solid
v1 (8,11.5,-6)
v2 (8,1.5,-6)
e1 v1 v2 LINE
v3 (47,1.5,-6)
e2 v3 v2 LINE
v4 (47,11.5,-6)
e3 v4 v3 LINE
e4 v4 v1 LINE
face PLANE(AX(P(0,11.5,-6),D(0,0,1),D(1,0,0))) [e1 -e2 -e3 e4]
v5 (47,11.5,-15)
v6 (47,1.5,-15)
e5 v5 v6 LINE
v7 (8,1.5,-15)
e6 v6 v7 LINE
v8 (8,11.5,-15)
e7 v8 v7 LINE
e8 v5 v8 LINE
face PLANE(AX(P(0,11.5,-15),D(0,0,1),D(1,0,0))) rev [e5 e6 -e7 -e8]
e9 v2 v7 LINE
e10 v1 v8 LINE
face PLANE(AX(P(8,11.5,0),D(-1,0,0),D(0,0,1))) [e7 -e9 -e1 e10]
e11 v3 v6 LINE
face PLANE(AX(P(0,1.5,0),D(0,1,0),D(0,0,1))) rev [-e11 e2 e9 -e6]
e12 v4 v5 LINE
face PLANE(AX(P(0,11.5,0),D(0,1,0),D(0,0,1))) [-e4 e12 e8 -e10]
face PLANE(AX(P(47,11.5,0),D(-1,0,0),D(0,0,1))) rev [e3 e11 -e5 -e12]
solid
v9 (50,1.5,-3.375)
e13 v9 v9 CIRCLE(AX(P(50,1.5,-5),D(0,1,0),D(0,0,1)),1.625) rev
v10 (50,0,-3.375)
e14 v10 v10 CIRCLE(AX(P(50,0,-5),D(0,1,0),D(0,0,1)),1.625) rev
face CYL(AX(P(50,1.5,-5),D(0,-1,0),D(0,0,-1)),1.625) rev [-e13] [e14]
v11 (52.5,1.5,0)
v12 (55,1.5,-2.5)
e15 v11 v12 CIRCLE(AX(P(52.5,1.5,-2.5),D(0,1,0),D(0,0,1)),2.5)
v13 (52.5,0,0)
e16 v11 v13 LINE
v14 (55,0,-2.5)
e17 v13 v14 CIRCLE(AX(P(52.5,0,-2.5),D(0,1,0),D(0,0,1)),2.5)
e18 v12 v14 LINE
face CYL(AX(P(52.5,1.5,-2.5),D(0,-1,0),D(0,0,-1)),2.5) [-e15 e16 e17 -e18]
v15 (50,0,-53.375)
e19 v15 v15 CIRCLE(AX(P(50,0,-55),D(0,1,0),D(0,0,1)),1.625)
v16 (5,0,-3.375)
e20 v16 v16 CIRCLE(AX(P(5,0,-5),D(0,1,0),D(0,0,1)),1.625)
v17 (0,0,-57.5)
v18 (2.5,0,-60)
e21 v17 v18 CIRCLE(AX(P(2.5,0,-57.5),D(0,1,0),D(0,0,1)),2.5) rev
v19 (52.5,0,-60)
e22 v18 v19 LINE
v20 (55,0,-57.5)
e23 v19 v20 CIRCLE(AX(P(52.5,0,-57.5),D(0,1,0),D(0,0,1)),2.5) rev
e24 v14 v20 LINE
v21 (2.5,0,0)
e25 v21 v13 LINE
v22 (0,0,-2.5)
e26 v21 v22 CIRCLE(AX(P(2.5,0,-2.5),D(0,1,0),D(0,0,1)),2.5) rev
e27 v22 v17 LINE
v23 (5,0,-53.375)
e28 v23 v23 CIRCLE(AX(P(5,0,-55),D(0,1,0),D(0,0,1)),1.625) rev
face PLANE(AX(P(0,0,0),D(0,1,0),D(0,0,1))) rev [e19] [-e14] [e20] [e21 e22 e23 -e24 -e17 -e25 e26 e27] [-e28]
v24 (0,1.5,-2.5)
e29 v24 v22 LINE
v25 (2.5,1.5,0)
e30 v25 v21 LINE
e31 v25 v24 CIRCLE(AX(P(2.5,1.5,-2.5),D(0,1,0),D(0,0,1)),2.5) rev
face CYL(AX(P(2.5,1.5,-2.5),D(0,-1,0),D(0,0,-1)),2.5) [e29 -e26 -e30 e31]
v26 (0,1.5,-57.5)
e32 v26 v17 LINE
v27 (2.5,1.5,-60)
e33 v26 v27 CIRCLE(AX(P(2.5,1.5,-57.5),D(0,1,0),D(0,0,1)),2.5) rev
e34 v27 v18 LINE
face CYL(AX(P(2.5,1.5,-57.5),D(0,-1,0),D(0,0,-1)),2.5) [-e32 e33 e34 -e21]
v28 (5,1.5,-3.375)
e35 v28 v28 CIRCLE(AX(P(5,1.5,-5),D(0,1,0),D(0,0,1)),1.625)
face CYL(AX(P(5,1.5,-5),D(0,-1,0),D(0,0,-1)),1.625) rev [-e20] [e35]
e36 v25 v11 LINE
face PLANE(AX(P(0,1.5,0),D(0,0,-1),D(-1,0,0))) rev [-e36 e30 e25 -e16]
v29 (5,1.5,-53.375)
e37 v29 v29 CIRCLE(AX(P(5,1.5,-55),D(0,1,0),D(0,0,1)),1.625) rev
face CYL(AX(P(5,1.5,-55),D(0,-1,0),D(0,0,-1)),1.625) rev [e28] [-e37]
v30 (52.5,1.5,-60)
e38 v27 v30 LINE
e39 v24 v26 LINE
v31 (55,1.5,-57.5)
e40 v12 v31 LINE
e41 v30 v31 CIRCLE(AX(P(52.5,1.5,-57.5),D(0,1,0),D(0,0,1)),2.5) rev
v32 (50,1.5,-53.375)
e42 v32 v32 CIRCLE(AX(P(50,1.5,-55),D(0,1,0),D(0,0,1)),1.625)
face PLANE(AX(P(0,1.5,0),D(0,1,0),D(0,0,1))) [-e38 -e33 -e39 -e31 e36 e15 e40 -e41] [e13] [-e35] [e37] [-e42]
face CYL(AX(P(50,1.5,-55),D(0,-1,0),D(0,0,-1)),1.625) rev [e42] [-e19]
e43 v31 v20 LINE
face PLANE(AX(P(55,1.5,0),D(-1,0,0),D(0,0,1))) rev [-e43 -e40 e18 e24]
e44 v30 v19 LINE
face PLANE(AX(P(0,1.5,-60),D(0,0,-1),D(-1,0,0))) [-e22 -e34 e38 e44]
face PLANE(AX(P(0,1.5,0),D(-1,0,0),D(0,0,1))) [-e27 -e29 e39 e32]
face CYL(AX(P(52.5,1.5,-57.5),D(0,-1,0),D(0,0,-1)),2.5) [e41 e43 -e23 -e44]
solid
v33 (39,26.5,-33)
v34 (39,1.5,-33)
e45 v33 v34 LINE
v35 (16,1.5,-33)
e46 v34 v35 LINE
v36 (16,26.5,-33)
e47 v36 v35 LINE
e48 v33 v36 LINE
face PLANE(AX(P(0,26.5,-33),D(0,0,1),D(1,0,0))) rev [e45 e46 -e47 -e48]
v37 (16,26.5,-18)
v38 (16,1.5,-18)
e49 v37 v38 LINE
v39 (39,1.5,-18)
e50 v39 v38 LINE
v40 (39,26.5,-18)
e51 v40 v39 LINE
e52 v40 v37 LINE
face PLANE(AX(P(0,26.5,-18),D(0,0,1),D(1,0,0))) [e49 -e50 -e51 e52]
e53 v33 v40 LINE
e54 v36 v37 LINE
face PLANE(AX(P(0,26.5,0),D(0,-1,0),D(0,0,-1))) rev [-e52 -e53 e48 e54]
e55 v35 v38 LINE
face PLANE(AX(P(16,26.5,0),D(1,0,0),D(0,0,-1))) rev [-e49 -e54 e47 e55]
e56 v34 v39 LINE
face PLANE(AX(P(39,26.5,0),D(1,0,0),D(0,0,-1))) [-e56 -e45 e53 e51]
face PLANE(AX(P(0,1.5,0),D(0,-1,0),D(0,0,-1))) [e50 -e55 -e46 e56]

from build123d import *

# Parameters (mm, degrees)
SKETCH1_R           = 1.625
SKETCH1_W           = 23
SKETCH1_H           = 15
SKETCH1_W_2         = 39
SKETCH1_H_2         = 9
BOSS_EXTRUDE1_DEPTH = 1.5
BOSS_EXTRUDE2_START = 1.5
SKETCH1_4_W         = 39
SKETCH1_4_H         = 9
BOSS_EXTRUDE2_DEPTH = 10
BOSS_EXTRUDE3_START = 1.5
SKETCH1_5_W         = 23
SKETCH1_5_H         = 15
BOSS_EXTRUDE3_DEPTH = 25


with BuildPart() as part:
    # Sketch1 → Boss-Extrude1 (new body)
    with BuildSketch(Plane(origin=(0, 0, 0), x_dir=(1, 0, 0), z_dir=(0, 1, 0))):
        with BuildLine():
            ThreePointArc((0, 57.5), (0.732233047, 59.267766953), (2.5, 60))
            Line((2.5, 60), (52.5, 60))
            ThreePointArc((52.5, 60), (54.267766953, 59.267766953), (55, 57.5))
            Line((55, 57.5), (55, 2.5))
            ThreePointArc((55, 2.5), (54.267766953, 0.732233047), (52.5, 0))
            Line((52.5, 0), (2.5, 0))
            ThreePointArc((2.5, 0), (0.732233047, 0.732233047), (0, 2.5))
            Line((0, 2.5), (0, 57.5))
        make_face()
        with Locations((50, 5)):
            Circle(SKETCH1_R, mode=Mode.SUBTRACT)
        with Locations((5, 5)):
            Circle(SKETCH1_R, mode=Mode.SUBTRACT)
        with Locations((50, 55)):
            Circle(SKETCH1_R, mode=Mode.SUBTRACT)
        with Locations((5, 55)):
            Circle(SKETCH1_R, mode=Mode.SUBTRACT)
        with Locations((27.5, 25.5)):
            Rectangle(SKETCH1_W, SKETCH1_H, mode=Mode.SUBTRACT)
        with Locations((27.5, 10.5)):
            Rectangle(SKETCH1_W_2, SKETCH1_H_2, mode=Mode.SUBTRACT)
        with Locations((27.5, 25.5)):
            Rectangle(SKETCH1_W, SKETCH1_H)
        with Locations((27.5, 10.5)):
            Rectangle(SKETCH1_W_2, SKETCH1_H_2)
    extrude(amount=BOSS_EXTRUDE1_DEPTH)


with BuildPart() as body_2:
    # Sketch1<4> → Boss-Extrude2 (new body)
    with BuildSketch(Plane(origin=(0, 0, 0), x_dir=(1, 0, 0), z_dir=(0, 1, 0)).offset(BOSS_EXTRUDE2_START)):
        with Locations((27.5, 10.5)):
            Rectangle(SKETCH1_4_W, SKETCH1_4_H)
    extrude(amount=BOSS_EXTRUDE2_DEPTH)


with BuildPart() as body_3:
    # Sketch1<5> → Boss-Extrude3 (new body)
    with BuildSketch(Plane(origin=(0, 0, 0), x_dir=(1, 0, 0), z_dir=(0, 1, 0)).offset(BOSS_EXTRUDE3_START)):
        with Locations((27.5, 25.5)):
            Rectangle(SKETCH1_5_W, SKETCH1_5_H)
    extrude(amount=BOSS_EXTRUDE3_DEPTH)


solid = Compound([part.part, body_2.part, body_3.part])
